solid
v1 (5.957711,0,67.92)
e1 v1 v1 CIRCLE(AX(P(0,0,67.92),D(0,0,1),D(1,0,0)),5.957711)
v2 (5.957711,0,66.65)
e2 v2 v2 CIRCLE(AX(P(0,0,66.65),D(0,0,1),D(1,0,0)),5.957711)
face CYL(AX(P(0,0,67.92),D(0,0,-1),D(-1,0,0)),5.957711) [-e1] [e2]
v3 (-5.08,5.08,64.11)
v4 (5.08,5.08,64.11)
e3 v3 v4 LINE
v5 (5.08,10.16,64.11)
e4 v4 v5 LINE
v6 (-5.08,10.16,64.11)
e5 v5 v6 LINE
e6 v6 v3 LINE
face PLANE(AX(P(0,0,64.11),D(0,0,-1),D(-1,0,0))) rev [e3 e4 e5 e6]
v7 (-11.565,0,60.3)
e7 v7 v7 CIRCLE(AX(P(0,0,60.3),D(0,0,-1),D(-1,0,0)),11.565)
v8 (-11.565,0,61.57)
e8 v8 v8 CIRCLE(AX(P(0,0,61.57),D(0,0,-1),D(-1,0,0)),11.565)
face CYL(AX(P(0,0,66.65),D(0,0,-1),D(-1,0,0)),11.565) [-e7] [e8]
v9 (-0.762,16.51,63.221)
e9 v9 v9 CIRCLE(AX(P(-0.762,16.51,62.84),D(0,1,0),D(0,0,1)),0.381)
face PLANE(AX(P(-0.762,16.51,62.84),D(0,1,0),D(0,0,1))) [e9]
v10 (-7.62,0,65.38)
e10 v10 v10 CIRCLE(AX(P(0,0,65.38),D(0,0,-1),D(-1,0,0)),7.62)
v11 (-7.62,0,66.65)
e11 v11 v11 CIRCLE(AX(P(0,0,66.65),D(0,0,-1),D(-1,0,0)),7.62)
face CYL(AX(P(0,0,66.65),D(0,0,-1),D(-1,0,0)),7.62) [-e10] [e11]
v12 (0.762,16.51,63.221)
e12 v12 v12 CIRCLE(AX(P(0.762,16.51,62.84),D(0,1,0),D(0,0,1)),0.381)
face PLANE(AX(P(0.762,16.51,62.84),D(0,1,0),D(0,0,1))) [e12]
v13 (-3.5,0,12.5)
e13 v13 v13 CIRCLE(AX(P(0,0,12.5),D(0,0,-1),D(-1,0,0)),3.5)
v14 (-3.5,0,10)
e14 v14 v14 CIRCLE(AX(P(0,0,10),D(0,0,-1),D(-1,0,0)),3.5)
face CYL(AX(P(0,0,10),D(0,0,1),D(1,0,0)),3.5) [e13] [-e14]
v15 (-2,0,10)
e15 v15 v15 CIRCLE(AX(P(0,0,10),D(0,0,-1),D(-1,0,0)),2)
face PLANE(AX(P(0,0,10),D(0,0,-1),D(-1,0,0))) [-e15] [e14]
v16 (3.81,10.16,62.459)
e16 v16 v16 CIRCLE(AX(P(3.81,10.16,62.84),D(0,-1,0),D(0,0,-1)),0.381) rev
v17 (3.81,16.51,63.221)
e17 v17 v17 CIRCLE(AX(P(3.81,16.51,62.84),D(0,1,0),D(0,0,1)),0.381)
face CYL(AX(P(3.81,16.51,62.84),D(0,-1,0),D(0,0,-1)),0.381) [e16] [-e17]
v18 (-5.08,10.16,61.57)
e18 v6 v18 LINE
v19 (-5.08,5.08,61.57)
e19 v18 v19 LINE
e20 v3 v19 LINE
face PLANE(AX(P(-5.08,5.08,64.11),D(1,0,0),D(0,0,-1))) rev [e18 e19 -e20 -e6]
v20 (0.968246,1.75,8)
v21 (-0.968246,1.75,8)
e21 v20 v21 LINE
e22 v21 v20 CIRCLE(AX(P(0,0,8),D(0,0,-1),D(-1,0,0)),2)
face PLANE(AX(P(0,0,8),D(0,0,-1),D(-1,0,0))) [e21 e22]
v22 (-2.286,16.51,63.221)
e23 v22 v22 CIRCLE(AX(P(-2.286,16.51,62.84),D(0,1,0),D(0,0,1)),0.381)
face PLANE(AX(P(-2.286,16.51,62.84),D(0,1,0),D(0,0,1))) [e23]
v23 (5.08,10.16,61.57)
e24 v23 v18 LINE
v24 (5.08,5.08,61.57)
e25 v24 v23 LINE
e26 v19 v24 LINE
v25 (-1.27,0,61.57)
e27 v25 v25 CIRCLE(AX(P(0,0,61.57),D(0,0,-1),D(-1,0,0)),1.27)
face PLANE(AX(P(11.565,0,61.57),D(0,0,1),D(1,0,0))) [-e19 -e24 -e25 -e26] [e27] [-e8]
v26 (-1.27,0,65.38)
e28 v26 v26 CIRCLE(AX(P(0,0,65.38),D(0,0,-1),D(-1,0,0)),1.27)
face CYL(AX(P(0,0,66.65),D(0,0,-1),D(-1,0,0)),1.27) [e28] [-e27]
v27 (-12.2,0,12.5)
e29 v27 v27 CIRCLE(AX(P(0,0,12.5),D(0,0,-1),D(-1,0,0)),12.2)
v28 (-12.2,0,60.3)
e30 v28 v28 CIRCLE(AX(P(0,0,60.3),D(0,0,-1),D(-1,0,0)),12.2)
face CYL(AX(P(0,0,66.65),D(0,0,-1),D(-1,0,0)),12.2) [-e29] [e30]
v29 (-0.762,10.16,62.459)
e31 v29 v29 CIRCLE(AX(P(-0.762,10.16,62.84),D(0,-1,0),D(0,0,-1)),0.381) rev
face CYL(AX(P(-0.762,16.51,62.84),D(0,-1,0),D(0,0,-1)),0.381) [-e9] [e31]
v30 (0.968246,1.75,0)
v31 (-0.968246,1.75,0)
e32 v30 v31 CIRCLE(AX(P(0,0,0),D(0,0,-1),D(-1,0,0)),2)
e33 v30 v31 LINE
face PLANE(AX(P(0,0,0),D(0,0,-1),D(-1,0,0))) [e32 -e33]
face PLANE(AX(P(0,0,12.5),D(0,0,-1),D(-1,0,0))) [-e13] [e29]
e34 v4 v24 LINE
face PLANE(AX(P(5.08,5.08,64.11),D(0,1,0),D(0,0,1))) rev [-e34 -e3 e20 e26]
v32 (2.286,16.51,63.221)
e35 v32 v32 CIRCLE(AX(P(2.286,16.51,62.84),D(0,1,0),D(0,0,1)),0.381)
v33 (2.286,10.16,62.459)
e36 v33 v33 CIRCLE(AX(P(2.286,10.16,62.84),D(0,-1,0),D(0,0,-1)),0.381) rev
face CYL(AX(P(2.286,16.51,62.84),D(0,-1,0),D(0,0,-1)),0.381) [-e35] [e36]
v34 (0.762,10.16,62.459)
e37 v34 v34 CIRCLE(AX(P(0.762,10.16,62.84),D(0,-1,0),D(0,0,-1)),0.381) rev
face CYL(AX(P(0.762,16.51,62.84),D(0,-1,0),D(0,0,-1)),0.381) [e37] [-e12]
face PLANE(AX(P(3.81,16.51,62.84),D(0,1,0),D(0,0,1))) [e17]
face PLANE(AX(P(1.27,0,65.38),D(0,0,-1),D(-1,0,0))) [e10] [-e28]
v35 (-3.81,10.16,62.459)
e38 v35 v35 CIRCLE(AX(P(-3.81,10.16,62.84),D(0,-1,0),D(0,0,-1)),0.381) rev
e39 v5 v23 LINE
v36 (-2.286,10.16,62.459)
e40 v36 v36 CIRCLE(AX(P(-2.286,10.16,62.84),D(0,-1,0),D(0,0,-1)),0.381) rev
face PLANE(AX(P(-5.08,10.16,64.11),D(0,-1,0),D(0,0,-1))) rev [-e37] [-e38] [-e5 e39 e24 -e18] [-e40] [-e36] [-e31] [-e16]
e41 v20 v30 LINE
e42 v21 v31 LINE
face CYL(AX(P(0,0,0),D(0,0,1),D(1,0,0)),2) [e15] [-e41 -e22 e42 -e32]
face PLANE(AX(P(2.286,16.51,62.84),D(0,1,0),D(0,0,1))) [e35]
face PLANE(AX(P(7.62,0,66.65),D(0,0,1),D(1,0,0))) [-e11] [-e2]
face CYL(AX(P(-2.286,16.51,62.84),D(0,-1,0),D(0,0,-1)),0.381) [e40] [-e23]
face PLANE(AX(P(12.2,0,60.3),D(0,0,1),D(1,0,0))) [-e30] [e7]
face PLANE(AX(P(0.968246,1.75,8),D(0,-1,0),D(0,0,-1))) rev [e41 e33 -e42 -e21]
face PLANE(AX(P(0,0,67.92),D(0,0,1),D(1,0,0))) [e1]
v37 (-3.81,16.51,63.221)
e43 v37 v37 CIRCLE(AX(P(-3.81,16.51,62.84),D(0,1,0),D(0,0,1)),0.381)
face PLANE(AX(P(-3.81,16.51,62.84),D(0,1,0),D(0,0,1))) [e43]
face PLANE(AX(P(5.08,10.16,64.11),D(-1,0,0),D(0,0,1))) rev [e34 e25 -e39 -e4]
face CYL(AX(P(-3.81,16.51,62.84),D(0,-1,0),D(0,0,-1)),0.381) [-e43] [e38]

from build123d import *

# Parameters (mm, degrees)
SKETCH2_R            = 3.50000001
BOSS_EXTRUDE1_DEPTH  = 2.500000004
SKETCH3_R            = 1.999999988
BOSS_EXTRUDE2_DEPTH  = 9.99999999
CUT_EXTRUDE1_START   = -8.000000002
CUT_EXTRUDE1_DEPTH   = 8.000000002
SKETCH5_R            = 5.957710945
BOSS_EXTRUDE3_DEPTH  = 1.27
SKETCH6_W            = 10.160000002
SKETCH6_H            = 5.079999996
BOSS_EXTRUDE4_DEPTH  = 2.54
SKETCH7_R            = 0.381
BOSS_EXTRUDE5_DEPTH  = 6.35
SKETCH8_R            = 0.381
BOSS_EXTRUDE6_DEPTH  = 6.35
SKETCH9_R            = 0.381
BOSS_EXTRUDE7_DEPTH  = 6.35
SKETCH10_R           = 0.381
BOSS_EXTRUDE8_DEPTH  = 6.35
SKETCH11_R           = 0.381
BOSS_EXTRUDE9_DEPTH  = 6.35
SKETCH12_R           = 0.381
BOSS_EXTRUDE10_DEPTH = 6.35


with BuildPart() as part:
    # Sketch1 → Revolve1 (revolve)
    with BuildSketch(Plane.XZ, mode=Mode.PRIVATE) as revolve1_sk:
        Polygon((7.62, 66.649999999), (0, 66.649999999), (0, 12.499999994), (12.200000009, 12.499999994), (12.200000009, 60.299999999), (11.565000009, 60.299999999), (11.565000009, 61.569999999), (1.27, 61.569999999), (1.27, 65.379999999), (7.62, 65.379999999), align=None)
    revolve(revolve1_sk.sketch.rotate(Axis((0, 0, 66.649999999), (0, 0, -1)), 180), axis=Axis((0, 0, 66.649999999), (0, 0, -1)))

    # Sketch2 → Boss-Extrude1 (add)
    with BuildSketch(Plane(origin=(0, 0, 12.499999994), x_dir=(-1, 0, 0), z_dir=(0, 0, -1))):
        Circle(SKETCH2_R)
    extrude(amount=BOSS_EXTRUDE1_DEPTH)

    # Sketch3 → Boss-Extrude2 (add)
    with BuildSketch(Plane(origin=(0, 0, 9.99999999), x_dir=(-1, 0, 0), z_dir=(0, 0, -1))):
        Circle(SKETCH3_R)
    extrude(amount=BOSS_EXTRUDE2_DEPTH)

    # Sketch4 → Cut-Extrude1 (cut)
    with BuildSketch(Plane(origin=(0, 0, 0), x_dir=(-1, 0, 0), z_dir=(0, 0, -1)).offset(CUT_EXTRUDE1_START)):
        with BuildLine():
            Line((-0.968245816, 1.749999997), (0.968245816, 1.749999997))
            ThreePointArc((0.968245816, 1.749999997), (0, 1.999999988), (-0.968245816, 1.749999997))
        make_face()
    extrude(amount=CUT_EXTRUDE1_DEPTH, mode=Mode.SUBTRACT)

    # Sketch5 → Boss-Extrude3 (add)
    with BuildSketch(Plane.XY.offset(66.649999999)):
        Circle(SKETCH5_R)
    extrude(amount=BOSS_EXTRUDE3_DEPTH)

    # Sketch6 → Boss-Extrude4 (add)
    with BuildSketch(Plane.XY.offset(61.569999999)):
        with Locations((0, 7.619999999)):
            Rectangle(SKETCH6_W, SKETCH6_H)
    extrude(amount=BOSS_EXTRUDE4_DEPTH)

    # Sketch7 → Boss-Extrude5 (add)
    with BuildSketch(Plane(origin=(0, 10.159999997, 0), x_dir=(-1, 0, 0), z_dir=(0, 1, 0))):
        with Locations(Location((-2.286, 62.839999999, 0), (0, 0, 270))):
            Circle(SKETCH7_R)
    extrude(amount=BOSS_EXTRUDE5_DEPTH)

    # Sketch8 → Boss-Extrude6 (add)
    with BuildSketch(Plane(origin=(0, 10.159999997, 0), x_dir=(-1, 0, 0), z_dir=(0, 1, 0))):
        with Locations(Location((3.81, 62.839999999, 0), (0, 0, 270))):
            Circle(SKETCH8_R)
    extrude(amount=BOSS_EXTRUDE6_DEPTH)

    # Sketch9 → Boss-Extrude7 (add)
    with BuildSketch(Plane(origin=(0, 10.159999997, 0), x_dir=(-1, 0, 0), z_dir=(0, 1, 0))):
        with Locations(Location((0.762, 62.839999999, 0), (0, 0, 270))):
            Circle(SKETCH9_R)
    extrude(amount=BOSS_EXTRUDE7_DEPTH)

    # Sketch10 → Boss-Extrude8 (add)
    with BuildSketch(Plane(origin=(0, 10.159999997, 0), x_dir=(-1, 0, 0), z_dir=(0, 1, 0))):
        with Locations(Location((2.286, 62.839999999, 0), (0, 0, 270))):
            Circle(SKETCH10_R)
    extrude(amount=BOSS_EXTRUDE8_DEPTH)

    # Sketch11 → Boss-Extrude9 (add)
    with BuildSketch(Plane(origin=(0, 10.159999997, 0), x_dir=(-1, 0, 0), z_dir=(0, 1, 0))):
        with Locations(Location((-0.762, 62.839999999, 0), (0, 0, 270))):
            Circle(SKETCH11_R)
    extrude(amount=BOSS_EXTRUDE9_DEPTH)

    # Sketch12 → Boss-Extrude10 (add)
    with BuildSketch(Plane(origin=(0, 10.159999997, 0), x_dir=(-1, 0, 0), z_dir=(0, 1, 0))):
        with Locations(Location((-3.81, 62.839999999, 0), (0, 0, 270))):
            Circle(SKETCH12_R)
    extrude(amount=BOSS_EXTRUDE10_DEPTH)


solid = part.part
